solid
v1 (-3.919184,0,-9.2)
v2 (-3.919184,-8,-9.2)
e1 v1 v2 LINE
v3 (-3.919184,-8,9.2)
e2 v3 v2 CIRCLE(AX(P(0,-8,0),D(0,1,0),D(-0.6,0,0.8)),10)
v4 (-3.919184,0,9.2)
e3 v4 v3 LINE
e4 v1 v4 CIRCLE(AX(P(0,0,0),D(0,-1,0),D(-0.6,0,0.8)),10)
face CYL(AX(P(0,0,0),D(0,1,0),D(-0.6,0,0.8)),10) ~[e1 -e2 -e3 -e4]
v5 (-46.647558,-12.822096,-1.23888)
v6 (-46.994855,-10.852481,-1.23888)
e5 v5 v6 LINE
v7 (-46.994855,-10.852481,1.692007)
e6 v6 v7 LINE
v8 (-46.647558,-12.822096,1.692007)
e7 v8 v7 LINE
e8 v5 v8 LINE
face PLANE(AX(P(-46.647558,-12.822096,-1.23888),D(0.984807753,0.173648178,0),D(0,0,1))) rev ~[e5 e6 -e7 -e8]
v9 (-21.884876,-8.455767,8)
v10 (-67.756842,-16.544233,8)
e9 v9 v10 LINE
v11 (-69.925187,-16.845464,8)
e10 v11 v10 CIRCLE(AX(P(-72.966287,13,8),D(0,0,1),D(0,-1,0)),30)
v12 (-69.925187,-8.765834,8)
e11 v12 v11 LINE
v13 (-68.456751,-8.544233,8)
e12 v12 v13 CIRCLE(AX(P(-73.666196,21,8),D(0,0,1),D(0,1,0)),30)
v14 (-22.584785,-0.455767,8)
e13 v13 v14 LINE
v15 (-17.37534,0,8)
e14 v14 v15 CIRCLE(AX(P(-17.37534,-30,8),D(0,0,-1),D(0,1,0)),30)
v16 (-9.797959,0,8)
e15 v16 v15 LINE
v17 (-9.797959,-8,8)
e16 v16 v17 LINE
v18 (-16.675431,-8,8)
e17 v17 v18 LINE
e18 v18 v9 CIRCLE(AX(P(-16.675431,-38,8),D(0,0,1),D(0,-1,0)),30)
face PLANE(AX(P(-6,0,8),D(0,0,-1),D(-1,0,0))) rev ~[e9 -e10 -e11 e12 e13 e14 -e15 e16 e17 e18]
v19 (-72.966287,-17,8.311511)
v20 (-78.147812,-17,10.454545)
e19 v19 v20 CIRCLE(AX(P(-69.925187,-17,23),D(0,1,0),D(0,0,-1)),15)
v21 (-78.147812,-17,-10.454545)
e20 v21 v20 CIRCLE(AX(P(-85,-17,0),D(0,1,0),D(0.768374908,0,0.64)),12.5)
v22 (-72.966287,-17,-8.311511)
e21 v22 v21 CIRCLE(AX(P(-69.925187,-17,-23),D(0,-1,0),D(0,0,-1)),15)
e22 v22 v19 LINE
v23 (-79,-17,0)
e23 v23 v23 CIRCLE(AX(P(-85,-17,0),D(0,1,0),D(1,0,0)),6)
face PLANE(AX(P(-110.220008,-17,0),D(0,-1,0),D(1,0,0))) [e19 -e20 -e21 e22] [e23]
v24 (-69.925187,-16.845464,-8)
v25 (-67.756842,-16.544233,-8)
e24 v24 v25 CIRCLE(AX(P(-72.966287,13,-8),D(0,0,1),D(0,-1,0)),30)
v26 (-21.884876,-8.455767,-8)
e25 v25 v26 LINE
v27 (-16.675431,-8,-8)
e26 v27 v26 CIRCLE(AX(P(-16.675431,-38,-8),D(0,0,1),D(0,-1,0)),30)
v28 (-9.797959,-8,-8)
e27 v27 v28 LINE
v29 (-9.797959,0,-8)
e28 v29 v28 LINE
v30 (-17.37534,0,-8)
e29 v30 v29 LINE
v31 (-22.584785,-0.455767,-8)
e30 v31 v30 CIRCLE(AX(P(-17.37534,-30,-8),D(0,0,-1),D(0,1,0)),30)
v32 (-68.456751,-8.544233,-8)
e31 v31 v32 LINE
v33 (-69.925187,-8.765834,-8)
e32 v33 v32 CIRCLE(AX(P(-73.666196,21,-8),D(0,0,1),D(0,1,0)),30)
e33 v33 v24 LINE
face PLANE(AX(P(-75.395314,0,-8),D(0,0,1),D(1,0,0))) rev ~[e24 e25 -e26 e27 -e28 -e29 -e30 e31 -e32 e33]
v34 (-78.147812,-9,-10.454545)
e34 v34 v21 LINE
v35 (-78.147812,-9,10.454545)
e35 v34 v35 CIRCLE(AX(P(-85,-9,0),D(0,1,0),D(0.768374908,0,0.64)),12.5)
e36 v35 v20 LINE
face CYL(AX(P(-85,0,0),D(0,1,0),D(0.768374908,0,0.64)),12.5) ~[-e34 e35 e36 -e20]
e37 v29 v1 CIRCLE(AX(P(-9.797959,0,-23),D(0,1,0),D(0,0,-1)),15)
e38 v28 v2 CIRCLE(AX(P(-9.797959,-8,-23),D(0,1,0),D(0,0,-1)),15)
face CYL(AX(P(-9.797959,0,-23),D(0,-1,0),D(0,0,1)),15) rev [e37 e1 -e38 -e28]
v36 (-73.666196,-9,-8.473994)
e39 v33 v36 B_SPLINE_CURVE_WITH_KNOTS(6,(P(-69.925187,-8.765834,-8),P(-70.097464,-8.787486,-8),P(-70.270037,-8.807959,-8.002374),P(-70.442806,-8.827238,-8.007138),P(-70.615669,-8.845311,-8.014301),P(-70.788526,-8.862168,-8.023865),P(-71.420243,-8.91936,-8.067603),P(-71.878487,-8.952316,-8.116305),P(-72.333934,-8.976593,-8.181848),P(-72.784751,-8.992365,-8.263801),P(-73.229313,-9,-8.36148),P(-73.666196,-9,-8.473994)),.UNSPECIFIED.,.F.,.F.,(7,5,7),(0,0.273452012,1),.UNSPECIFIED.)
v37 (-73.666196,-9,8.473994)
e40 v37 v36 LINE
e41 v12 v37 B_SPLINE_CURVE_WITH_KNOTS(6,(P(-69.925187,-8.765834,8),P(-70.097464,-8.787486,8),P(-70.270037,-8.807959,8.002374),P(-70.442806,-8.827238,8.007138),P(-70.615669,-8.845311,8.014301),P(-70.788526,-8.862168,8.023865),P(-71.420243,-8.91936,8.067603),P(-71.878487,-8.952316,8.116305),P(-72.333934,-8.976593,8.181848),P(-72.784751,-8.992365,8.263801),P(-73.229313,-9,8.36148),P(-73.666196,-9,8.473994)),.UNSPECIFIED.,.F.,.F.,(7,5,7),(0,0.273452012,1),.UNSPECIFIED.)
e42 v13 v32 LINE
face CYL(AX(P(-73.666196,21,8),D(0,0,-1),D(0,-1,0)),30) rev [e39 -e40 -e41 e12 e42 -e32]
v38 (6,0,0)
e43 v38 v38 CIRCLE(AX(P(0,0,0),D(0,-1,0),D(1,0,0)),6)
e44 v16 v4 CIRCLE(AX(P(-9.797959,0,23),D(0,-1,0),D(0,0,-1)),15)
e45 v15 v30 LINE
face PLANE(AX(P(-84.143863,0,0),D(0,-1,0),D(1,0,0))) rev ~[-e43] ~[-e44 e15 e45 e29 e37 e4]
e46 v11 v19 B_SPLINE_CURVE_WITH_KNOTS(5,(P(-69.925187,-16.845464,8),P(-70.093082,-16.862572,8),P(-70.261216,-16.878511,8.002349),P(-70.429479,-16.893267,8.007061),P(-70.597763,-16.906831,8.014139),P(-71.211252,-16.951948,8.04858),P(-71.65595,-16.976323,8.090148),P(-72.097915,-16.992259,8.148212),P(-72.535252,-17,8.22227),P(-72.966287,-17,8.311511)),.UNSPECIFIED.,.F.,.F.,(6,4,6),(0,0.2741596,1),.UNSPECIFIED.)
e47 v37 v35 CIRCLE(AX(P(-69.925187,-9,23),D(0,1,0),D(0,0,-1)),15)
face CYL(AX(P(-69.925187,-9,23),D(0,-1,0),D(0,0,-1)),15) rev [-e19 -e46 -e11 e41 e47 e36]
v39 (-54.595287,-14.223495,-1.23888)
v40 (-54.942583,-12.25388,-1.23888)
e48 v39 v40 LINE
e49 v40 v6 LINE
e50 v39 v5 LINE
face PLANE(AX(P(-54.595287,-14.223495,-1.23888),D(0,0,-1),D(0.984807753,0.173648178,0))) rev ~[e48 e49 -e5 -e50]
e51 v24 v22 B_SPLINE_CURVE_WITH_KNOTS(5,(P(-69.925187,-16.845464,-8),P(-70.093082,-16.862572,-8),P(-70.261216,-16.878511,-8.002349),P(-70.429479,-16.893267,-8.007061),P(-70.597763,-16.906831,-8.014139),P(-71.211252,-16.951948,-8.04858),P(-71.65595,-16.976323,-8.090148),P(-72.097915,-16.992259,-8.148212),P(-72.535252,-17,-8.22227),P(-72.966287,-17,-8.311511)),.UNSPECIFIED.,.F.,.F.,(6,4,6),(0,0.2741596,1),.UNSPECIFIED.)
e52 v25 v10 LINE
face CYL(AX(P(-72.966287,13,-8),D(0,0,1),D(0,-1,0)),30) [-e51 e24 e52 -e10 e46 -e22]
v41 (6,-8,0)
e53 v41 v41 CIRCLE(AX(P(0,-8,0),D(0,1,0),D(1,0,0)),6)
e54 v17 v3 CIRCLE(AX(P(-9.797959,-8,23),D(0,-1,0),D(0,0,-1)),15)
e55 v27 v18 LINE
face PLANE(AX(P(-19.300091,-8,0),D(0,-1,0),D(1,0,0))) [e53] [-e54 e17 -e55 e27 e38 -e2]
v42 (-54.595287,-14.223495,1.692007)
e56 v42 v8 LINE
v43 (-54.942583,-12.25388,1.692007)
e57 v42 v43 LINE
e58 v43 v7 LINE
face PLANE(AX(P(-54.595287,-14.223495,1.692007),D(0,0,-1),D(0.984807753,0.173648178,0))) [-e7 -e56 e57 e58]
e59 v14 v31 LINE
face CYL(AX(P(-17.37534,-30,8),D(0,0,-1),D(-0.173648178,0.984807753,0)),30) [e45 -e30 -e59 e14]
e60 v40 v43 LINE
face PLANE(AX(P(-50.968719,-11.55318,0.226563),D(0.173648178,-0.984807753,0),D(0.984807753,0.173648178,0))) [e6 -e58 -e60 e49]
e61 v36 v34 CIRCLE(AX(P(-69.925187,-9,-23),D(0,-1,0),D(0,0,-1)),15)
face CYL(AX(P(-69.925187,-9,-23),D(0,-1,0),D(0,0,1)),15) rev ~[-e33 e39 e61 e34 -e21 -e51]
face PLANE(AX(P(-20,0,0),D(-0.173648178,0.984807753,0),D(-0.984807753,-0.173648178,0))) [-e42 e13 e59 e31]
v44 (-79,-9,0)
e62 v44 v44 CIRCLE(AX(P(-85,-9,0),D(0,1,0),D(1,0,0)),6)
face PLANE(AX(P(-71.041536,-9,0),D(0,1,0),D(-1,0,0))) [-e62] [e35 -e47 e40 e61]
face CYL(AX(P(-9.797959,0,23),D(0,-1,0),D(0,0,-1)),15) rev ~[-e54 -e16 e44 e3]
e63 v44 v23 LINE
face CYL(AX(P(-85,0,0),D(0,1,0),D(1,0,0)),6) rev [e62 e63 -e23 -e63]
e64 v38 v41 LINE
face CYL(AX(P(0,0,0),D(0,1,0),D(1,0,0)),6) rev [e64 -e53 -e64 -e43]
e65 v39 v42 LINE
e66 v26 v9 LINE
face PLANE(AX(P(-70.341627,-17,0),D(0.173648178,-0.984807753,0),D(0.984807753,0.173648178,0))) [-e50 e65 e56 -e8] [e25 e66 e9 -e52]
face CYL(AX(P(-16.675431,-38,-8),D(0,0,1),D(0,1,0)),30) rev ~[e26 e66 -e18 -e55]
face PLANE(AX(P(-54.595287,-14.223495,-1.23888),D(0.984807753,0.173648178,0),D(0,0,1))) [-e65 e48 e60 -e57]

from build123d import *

# Parameters (mm, degrees)
F0_R     = 6
F1_DEPTH = 25
F3_DEPTH = 20
F4_R     = 30
F5_R     = 15
F6_W     = 8.0703347921
F6_H     = 2.9308869271
F7_DEPTH = 2


with BuildPart() as f1:
    # F0 (on Front) → F1 (new body)
    with BuildSketch(Plane.XZ):
        with BuildLine():
            ThreePointArc((-72.5, 0), (-73.2460947032, 4.2539052968), (-75.3953136439, 8))
            ThreePointArc((-75.3953136439, 8), (-97.5, 0), (-75.3953136439, -8))
            ThreePointArc((-75.3953136439, -8), (-73.2460947032, -4.2539052968), (-72.5, 0))
        make_face()
        with Locations((-85, 0)):
            Circle(F0_R, mode=Mode.SUBTRACT)
        with BuildLine():
            ThreePointArc((-6, -8), (-10, 0), (-6, 8))
            Line((-6, 8), (-75.3953136439, 8))
            ThreePointArc((-75.3953136439, 8), (-73.2460947032, 4.2539052968), (-72.5, 0))
            ThreePointArc((-72.5, 0), (-73.2460947032, -4.2539052968), (-75.3953136439, -8))
            Line((-75.3953136439, -8), (-6, -8))
        make_face()
        with BuildLine():
            ThreePointArc((-6, -8), (4.472135955, -8.94427191), (10, 0))
            ThreePointArc((10, 0), (4.472135955, 8.94427191), (-6, 8))
            ThreePointArc((-6, 8), (-10, 0), (-6, -8))
        make_face()
        Circle(F0_R, mode=Mode.SUBTRACT)
    extrude(amount=F1_DEPTH)

    # F2 (on Top) → F3 (intersect, symmetric)
    with BuildSketch(Plane.XY):
        Polygon((-71.0415363766, -9), (-110.2200075984, -9), (-110.2200075984, -17), (-70.3416270684, -17), (-19.3000906918, -8), (29.2156469077, -8), (29.2156469077, 0), (-20, 0), align=None)
    extrude(amount=F3_DEPTH, both=True, mode=Mode.INTERSECT)

    # F4
    f4_edges = [f1.edges().sort_by_distance(p)[0] for p in [
        (-70.341627, -17, 0),
        (-19.300091, -8, 0),
        (-20, 0, 0),
        (-71.041536, -9, 0),
    ]]
    fillet(f4_edges, radius=F4_R)

    # F5 (call 1 of 4: OpenCascade refuses the feature's edges together)
    f5_edges = [f1.edges().sort_by_distance(p)[0] for p in [
        (-75.395314, -13, 8),
    ]]
    fillet(f5_edges, radius=F5_R)

    # F5#2 (call 2 of 4)
    f5_2_edges = [f1.edges().sort_by_distance(p)[0] for p in [
        (-6, -4, 8),
    ]]
    fillet(f5_2_edges, radius=F5_R)

    # F5#3 (call 3 of 4)
    f5_3_edges = [f1.edges().sort_by_distance(p)[0] for p in [
        (-75.395314, -13, -8),
    ]]
    fillet(f5_3_edges, radius=F5_R)

    # F5#4 (call 4 of 4)
    f5_4_edges = [f1.edges().sort_by_distance(p)[0] for p in [
        (-6, -4, -8),
    ]]
    fillet(f5_4_edges, radius=F5_R)

    # F6 (on face) → F7 (cut)
    with BuildSketch(Plane(origin=(0.7861116292, -4.4582605908, 0), x_dir=(0.984807753, 0.1736481777, 0), z_dir=(0.1736481777, -0.984807753, 0))):
        with Locations((-52.2005781531, 0.226563483)):
            Rectangle(F6_W, F6_H)
    extrude(amount=-F7_DEPTH, mode=Mode.SUBTRACT)


solid = f1.part
